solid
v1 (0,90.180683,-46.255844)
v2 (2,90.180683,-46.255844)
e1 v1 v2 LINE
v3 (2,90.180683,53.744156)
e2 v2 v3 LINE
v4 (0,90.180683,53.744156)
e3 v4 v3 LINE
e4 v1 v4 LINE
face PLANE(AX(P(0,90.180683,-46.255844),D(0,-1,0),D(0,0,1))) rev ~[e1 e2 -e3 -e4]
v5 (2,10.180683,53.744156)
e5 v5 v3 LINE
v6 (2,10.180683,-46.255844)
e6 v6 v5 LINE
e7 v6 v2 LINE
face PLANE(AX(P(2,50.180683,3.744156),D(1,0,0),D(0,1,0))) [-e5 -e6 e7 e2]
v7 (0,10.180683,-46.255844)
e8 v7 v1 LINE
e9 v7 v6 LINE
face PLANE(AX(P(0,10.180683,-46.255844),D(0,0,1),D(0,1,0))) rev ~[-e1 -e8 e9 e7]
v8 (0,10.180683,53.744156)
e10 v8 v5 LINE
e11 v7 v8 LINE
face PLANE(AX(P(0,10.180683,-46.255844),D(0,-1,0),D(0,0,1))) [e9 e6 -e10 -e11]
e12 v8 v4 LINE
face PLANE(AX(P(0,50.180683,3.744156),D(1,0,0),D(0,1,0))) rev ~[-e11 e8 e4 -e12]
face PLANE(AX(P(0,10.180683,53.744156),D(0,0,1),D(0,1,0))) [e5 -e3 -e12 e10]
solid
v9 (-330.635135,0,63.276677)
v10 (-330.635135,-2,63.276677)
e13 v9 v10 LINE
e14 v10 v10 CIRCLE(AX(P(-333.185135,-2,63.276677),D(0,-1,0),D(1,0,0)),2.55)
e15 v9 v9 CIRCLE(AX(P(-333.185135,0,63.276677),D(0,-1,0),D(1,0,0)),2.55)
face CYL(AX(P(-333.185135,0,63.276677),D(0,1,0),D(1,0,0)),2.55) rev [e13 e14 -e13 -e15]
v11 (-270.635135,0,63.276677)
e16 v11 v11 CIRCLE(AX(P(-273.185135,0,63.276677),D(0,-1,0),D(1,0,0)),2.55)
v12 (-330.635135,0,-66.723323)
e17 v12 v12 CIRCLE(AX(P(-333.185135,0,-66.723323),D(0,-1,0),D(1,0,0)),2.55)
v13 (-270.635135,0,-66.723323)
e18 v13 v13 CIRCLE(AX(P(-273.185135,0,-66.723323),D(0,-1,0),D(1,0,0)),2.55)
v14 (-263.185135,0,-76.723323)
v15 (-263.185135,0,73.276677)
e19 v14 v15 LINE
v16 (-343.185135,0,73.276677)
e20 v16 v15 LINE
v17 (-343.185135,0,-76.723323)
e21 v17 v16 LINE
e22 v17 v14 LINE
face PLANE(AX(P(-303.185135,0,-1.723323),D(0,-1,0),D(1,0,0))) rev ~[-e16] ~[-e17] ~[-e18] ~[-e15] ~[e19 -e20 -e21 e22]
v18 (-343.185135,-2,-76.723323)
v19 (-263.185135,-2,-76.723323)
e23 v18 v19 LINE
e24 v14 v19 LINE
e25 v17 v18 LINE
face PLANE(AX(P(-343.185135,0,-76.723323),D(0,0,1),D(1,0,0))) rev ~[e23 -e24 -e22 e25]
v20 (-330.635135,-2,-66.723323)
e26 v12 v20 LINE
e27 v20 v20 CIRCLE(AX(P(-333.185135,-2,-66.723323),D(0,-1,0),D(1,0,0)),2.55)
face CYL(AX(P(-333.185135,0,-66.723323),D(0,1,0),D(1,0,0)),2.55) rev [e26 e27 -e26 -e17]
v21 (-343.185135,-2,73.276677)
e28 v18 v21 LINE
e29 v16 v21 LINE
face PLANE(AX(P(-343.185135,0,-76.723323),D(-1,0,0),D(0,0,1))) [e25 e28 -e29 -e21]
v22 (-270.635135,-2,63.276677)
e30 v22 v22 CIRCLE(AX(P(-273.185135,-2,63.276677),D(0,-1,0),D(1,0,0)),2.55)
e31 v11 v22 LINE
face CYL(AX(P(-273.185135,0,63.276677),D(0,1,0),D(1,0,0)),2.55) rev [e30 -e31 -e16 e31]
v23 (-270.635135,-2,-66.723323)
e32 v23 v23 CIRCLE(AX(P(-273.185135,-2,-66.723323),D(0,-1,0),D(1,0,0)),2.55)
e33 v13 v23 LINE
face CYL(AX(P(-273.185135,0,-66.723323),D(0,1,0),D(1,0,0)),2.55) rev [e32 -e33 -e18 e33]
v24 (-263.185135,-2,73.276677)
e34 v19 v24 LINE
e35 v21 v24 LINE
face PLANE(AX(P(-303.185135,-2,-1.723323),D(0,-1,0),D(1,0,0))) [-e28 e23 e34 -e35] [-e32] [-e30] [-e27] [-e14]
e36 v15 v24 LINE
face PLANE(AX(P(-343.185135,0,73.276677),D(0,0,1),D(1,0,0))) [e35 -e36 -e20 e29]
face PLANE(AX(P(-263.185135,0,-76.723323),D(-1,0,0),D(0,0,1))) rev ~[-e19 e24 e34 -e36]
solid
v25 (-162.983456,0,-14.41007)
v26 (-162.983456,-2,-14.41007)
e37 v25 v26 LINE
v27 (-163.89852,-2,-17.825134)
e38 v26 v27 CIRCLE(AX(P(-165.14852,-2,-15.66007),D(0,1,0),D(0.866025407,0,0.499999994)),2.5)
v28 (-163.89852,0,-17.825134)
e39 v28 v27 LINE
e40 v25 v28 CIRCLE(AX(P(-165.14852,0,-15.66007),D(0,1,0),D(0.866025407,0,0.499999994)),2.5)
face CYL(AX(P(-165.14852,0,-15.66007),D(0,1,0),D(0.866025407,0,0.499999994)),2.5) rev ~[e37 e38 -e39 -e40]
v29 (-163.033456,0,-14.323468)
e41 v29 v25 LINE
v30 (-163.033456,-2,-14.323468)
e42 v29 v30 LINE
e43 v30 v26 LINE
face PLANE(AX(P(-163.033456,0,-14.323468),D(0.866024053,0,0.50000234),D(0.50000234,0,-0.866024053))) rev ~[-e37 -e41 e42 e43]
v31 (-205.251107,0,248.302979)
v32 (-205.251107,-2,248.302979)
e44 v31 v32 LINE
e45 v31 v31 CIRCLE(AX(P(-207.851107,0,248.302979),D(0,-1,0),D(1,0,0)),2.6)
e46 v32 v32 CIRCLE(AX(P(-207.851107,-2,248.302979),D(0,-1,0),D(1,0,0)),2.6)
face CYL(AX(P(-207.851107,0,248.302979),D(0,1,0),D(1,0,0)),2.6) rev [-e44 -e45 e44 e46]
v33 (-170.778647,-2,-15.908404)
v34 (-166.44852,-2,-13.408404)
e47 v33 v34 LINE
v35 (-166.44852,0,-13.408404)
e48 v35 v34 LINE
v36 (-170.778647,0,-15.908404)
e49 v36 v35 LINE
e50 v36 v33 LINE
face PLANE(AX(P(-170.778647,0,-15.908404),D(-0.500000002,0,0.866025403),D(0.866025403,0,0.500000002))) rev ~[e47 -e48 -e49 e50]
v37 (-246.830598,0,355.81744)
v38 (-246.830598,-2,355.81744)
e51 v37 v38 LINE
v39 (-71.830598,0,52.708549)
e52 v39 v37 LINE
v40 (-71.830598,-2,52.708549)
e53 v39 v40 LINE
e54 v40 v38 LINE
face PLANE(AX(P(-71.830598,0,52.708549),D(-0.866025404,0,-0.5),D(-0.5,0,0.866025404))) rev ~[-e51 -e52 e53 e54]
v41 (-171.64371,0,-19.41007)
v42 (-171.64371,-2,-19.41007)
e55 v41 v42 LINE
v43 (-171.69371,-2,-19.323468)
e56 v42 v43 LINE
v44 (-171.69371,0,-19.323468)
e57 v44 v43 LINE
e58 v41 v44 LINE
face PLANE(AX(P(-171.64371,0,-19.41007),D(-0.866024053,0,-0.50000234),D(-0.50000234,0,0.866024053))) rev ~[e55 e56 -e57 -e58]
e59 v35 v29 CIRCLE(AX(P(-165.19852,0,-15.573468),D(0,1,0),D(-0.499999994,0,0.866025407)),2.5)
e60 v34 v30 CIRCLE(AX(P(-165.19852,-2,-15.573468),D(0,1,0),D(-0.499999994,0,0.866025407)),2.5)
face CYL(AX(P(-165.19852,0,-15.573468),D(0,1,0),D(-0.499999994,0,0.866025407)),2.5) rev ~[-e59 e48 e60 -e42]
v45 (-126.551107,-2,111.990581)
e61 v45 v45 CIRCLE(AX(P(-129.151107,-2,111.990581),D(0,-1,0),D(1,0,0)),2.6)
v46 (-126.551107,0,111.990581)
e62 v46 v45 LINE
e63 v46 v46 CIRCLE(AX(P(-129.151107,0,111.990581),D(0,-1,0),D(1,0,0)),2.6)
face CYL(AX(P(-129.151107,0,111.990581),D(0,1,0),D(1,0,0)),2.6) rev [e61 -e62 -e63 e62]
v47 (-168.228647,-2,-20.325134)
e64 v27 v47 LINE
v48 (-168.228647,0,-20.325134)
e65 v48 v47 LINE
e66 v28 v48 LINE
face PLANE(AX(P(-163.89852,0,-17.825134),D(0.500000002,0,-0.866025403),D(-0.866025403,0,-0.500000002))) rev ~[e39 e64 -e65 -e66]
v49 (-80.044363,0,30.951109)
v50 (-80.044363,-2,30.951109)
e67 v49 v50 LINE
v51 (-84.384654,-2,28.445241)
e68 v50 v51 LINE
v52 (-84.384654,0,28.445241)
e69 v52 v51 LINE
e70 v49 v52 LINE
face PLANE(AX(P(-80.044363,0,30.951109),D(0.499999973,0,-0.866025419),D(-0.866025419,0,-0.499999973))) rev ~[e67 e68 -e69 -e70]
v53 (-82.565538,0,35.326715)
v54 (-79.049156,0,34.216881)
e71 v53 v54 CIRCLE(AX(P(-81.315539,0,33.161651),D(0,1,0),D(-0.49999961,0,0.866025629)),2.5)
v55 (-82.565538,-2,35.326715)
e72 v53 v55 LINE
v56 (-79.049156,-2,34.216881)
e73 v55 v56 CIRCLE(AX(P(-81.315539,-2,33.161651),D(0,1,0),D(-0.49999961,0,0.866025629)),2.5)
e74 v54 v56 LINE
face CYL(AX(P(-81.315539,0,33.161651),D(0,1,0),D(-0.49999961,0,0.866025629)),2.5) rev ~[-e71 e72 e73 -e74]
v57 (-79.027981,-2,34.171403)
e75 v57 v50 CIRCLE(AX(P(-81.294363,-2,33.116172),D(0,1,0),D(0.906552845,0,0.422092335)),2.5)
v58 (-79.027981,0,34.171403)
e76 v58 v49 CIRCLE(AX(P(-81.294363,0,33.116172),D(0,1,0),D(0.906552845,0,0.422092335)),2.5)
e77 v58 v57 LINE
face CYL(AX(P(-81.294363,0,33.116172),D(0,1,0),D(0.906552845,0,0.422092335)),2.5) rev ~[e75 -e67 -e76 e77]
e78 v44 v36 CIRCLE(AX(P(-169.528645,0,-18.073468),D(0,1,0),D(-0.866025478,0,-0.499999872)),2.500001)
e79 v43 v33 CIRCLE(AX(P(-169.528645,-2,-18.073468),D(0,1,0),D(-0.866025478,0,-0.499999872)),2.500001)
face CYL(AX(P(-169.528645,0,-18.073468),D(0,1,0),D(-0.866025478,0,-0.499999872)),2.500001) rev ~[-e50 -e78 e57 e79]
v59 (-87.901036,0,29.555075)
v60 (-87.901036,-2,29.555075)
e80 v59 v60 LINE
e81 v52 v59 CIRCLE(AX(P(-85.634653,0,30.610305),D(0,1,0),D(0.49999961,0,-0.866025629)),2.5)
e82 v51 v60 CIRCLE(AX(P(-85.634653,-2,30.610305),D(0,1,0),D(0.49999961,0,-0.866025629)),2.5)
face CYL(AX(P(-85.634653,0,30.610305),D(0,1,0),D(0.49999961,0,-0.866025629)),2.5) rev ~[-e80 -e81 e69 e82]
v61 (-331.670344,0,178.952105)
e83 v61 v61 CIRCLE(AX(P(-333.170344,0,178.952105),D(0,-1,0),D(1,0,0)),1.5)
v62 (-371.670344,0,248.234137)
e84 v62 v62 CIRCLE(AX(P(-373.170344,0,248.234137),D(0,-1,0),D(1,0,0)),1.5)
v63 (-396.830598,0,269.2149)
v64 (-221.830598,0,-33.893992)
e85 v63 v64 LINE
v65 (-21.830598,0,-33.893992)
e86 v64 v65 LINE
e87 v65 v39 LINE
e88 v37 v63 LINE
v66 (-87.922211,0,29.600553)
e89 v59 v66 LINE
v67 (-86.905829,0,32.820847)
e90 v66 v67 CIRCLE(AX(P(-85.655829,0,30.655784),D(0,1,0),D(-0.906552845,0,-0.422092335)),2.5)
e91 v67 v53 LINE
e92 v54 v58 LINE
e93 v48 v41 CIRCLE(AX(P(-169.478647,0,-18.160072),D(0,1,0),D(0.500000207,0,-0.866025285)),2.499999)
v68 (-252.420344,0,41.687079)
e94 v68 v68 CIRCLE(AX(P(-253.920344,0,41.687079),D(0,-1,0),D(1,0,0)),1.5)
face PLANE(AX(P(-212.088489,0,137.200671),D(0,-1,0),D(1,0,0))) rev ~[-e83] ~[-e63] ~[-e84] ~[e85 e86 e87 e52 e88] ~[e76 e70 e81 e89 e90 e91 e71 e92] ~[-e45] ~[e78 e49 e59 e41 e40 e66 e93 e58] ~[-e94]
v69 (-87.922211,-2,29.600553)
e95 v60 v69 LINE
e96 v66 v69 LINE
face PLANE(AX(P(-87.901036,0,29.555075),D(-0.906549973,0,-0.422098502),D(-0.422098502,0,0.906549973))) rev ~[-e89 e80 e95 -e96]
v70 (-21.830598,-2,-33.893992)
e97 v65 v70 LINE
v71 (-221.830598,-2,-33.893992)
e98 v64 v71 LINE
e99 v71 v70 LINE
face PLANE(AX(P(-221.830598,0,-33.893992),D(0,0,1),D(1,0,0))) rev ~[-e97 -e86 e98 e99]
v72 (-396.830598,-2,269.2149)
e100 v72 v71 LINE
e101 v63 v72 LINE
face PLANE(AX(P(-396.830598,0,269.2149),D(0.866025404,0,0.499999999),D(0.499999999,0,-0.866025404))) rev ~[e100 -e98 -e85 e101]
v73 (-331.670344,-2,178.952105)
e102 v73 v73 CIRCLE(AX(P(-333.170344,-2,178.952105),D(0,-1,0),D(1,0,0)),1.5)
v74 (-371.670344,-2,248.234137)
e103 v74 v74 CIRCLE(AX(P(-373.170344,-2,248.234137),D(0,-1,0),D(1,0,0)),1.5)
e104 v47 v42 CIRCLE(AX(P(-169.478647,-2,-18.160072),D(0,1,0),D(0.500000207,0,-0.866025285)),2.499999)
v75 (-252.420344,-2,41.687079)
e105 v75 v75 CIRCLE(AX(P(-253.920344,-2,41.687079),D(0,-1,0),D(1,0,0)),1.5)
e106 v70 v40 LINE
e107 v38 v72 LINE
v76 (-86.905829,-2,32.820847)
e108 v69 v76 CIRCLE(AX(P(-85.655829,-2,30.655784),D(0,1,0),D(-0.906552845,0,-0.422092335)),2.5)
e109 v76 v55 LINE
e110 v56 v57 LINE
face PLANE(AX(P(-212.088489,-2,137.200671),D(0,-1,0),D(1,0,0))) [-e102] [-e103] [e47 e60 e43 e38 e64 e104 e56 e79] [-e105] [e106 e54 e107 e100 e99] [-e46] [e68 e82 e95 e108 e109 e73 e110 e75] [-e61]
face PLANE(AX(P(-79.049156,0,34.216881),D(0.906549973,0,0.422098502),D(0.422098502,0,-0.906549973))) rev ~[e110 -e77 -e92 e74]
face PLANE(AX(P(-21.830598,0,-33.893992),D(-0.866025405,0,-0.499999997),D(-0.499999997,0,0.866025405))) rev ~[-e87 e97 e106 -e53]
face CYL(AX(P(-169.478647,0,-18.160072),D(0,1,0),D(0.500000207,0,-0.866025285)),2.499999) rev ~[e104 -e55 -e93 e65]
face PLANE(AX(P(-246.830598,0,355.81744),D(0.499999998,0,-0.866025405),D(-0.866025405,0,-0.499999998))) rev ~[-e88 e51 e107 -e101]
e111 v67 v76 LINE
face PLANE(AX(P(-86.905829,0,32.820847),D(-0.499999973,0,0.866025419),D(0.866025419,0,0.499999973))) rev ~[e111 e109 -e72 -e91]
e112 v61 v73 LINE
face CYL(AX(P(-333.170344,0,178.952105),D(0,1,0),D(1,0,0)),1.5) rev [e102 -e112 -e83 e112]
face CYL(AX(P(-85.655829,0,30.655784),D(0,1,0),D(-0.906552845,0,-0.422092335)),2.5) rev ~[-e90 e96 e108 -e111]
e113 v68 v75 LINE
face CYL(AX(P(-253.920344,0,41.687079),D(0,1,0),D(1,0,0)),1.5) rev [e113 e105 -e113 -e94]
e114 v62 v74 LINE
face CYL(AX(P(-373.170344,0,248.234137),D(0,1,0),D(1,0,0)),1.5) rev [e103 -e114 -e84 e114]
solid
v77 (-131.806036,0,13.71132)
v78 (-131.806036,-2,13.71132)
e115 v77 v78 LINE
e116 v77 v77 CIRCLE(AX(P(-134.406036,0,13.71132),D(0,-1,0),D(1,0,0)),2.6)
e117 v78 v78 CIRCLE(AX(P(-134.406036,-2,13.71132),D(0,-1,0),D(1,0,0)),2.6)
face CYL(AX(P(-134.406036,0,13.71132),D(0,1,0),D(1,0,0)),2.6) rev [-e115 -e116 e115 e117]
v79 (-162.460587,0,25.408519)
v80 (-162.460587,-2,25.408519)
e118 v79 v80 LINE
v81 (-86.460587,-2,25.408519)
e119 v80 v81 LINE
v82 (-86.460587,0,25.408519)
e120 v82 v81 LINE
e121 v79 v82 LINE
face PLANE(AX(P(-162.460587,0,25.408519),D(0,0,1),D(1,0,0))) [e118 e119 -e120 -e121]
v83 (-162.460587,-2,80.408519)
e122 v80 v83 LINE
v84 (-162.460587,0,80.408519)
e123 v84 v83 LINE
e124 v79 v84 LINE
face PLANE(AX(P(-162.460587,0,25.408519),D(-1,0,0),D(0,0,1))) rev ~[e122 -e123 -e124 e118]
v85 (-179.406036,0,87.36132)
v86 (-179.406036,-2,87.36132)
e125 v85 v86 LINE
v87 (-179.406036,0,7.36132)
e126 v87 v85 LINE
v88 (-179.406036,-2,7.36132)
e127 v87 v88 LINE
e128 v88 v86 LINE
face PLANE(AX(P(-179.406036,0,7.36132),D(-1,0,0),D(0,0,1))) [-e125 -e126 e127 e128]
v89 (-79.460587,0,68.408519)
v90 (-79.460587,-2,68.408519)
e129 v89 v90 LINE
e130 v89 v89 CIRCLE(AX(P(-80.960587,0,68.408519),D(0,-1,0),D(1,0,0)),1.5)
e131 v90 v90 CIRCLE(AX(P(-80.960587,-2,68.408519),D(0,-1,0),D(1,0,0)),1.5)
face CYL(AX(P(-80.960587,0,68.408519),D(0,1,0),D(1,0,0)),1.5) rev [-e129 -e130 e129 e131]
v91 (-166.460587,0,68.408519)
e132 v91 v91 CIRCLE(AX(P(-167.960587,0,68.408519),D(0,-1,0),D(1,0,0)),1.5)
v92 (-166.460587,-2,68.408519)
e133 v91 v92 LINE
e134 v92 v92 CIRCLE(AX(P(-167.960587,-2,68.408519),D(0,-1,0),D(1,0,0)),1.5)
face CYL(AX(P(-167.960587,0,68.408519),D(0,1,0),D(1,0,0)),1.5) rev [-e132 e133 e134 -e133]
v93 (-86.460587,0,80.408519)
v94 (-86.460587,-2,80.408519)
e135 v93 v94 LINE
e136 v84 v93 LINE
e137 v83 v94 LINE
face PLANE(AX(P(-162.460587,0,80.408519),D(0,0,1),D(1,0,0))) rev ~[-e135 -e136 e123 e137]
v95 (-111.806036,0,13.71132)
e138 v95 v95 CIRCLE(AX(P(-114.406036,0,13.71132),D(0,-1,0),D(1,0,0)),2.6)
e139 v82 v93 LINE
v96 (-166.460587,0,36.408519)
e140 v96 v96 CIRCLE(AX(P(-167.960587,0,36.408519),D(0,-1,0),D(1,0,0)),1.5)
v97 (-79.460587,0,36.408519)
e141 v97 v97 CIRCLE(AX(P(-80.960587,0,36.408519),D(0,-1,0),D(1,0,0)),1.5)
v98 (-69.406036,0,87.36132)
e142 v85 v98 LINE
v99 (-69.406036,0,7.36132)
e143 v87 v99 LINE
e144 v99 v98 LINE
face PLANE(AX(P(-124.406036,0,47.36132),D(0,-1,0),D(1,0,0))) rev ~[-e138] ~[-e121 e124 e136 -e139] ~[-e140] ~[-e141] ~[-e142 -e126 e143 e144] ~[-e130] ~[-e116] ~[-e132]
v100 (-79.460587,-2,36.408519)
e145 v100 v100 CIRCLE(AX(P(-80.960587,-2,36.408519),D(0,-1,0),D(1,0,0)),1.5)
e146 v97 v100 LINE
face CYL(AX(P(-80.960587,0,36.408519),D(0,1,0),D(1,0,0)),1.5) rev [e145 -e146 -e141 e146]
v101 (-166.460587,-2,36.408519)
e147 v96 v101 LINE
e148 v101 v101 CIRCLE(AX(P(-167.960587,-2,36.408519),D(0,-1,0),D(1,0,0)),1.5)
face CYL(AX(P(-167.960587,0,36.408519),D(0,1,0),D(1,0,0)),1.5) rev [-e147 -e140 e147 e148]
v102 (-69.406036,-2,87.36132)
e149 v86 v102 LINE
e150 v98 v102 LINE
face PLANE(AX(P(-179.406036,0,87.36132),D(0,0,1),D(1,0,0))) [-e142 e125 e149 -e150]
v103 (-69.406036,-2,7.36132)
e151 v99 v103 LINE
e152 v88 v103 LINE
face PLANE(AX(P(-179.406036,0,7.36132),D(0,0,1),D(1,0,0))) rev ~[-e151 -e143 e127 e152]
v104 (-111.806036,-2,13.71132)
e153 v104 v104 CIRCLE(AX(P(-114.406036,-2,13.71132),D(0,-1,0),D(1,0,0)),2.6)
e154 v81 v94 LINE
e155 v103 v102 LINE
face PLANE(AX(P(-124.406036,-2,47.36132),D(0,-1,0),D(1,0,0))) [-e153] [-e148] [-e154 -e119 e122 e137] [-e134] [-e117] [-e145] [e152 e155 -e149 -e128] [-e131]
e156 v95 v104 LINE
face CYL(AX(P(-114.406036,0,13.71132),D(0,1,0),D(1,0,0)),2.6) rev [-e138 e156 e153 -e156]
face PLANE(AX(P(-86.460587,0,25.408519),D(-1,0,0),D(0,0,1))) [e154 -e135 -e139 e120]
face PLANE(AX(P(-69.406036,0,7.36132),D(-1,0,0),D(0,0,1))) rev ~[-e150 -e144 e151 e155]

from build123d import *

# Parameters (mm, degrees)
F0_R     = 1.5
F0_R_2   = 2.6
F1_DEPTH = 2
F2_W     = 80
F2_H     = 100
F3_DEPTH = 2
F4_W     = 110
F4_H     = 80
F4_R     = 2.6
F4_R_2   = 1.5
F4_W_2   = 76
F4_H_2   = 55
F5_DEPTH = 2
F6_W     = 80
F6_H     = 150
F6_R     = 2.55
F7_DEPTH = 2


with BuildPart() as f1:
    # F0 (on Front) → F1 (new body)
    with BuildSketch(Plane.XZ):
        Polygon((-396.830598, 269.2149), (-221.830598, -33.893992), (-21.830598, -33.893992), (-71.830598, 52.708549), (-246.830598, 355.81744), align=None)
        with Locations((-253.920344, 41.687079)):
            Circle(F0_R, mode=Mode.SUBTRACT)
        with BuildLine():
            ThreePointArc((-162.983456, -14.41007), (-162.733705, -16.307118), (-163.89852, -17.825134))
            Line((-163.89852, -17.825134), (-168.228647, -20.325134))
            ThreePointArc((-168.228647, -20.325134), (-170.125695, -20.574885), (-171.64371, -19.41007))
            Line((-171.64371, -19.41007), (-171.69371, -19.323468))
            ThreePointArc((-171.69371, -19.323468), (-171.943461, -17.42642), (-170.778647, -15.908404))
            Line((-170.778647, -15.908404), (-166.44852, -13.408404))
            ThreePointArc((-166.44852, -13.408404), (-164.551472, -13.158653), (-163.033456, -14.323468))
            Line((-163.033456, -14.323468), (-162.983456, -14.41007))
        make_face(mode=Mode.SUBTRACT)
        with BuildLine():
            ThreePointArc((-79.027981, 34.171403), (-78.910289, 32.363716), (-80.044363, 30.951109))
            Line((-80.044363, 30.951109), (-84.384654, 28.445241))
            ThreePointArc((-84.384654, 28.445241), (-86.38711, 28.226231), (-87.901036, 29.555075))
            Line((-87.901036, 29.555075), (-87.922211, 29.600553))
            ThreePointArc((-87.922211, 29.600553), (-88.039903, 31.40824), (-86.905829, 32.820847))
            Line((-86.905829, 32.820847), (-82.565538, 35.326715))
            ThreePointArc((-82.565538, 35.326715), (-80.563082, 35.545725), (-79.049156, 34.216881))
            Line((-79.049156, 34.216881), (-79.027981, 34.171403))
        make_face(mode=Mode.SUBTRACT)
        with Locations((-129.151107, 111.990581)):
            Circle(F0_R_2, mode=Mode.SUBTRACT)
        with Locations((-333.170344, 178.952105)):
            Circle(F0_R, mode=Mode.SUBTRACT)
        with Locations((-373.170344, 248.234137)):
            Circle(F0_R, mode=Mode.SUBTRACT)
        with Locations((-207.851107, 248.302979)):
            Circle(F0_R_2, mode=Mode.SUBTRACT)
    extrude(amount=F1_DEPTH)


with BuildPart() as f3:
    # F2 (on Right) → F3 (new body)
    with BuildSketch(Plane.YZ):
        with Locations((50.180683, 3.744156)):
            Rectangle(F2_W, F2_H)
    extrude(amount=F3_DEPTH)


with BuildPart() as f5:
    # F4 (on Front) → F5 (new body)
    with BuildSketch(Plane.XZ):
        with Locations((-124.406036, 47.36132)):
            Rectangle(F4_W, F4_H)
        with Locations((-134.406036, 13.71132)):
            Circle(F4_R, mode=Mode.SUBTRACT)
        with Locations((-167.960587, 36.408519)):
            Circle(F4_R_2, mode=Mode.SUBTRACT)
        with Locations((-114.406036, 13.71132)):
            Circle(F4_R, mode=Mode.SUBTRACT)
        with Locations((-80.960587, 36.408519)):
            Circle(F4_R_2, mode=Mode.SUBTRACT)
        with Locations((-124.460587, 52.908519)):
            Rectangle(F4_W_2, F4_H_2, mode=Mode.SUBTRACT)
        with Locations((-167.960587, 68.408519)):
            Circle(F4_R_2, mode=Mode.SUBTRACT)
        with Locations((-80.960587, 68.408519)):
            Circle(F4_R_2, mode=Mode.SUBTRACT)
    extrude(amount=F5_DEPTH)


with BuildPart() as f7:
    # F6 (on Front) → F7 (new body)
    with BuildSketch(Plane.XZ):
        with Locations((-303.185135, -1.723323)):
            Rectangle(F6_W, F6_H)
        with Locations((-333.185135, -66.723323)):
            Circle(F6_R, mode=Mode.SUBTRACT)
        with Locations((-273.185135, -66.723323)):
            Circle(F6_R, mode=Mode.SUBTRACT)
        with Locations((-333.185135, 63.276677)):
            Circle(F6_R, mode=Mode.SUBTRACT)
        with Locations((-273.185135, 63.276677)):
            Circle(F6_R, mode=Mode.SUBTRACT)
    extrude(amount=F7_DEPTH)


solid = Compound([f1.part, f3.part, f5.part, f7.part])
